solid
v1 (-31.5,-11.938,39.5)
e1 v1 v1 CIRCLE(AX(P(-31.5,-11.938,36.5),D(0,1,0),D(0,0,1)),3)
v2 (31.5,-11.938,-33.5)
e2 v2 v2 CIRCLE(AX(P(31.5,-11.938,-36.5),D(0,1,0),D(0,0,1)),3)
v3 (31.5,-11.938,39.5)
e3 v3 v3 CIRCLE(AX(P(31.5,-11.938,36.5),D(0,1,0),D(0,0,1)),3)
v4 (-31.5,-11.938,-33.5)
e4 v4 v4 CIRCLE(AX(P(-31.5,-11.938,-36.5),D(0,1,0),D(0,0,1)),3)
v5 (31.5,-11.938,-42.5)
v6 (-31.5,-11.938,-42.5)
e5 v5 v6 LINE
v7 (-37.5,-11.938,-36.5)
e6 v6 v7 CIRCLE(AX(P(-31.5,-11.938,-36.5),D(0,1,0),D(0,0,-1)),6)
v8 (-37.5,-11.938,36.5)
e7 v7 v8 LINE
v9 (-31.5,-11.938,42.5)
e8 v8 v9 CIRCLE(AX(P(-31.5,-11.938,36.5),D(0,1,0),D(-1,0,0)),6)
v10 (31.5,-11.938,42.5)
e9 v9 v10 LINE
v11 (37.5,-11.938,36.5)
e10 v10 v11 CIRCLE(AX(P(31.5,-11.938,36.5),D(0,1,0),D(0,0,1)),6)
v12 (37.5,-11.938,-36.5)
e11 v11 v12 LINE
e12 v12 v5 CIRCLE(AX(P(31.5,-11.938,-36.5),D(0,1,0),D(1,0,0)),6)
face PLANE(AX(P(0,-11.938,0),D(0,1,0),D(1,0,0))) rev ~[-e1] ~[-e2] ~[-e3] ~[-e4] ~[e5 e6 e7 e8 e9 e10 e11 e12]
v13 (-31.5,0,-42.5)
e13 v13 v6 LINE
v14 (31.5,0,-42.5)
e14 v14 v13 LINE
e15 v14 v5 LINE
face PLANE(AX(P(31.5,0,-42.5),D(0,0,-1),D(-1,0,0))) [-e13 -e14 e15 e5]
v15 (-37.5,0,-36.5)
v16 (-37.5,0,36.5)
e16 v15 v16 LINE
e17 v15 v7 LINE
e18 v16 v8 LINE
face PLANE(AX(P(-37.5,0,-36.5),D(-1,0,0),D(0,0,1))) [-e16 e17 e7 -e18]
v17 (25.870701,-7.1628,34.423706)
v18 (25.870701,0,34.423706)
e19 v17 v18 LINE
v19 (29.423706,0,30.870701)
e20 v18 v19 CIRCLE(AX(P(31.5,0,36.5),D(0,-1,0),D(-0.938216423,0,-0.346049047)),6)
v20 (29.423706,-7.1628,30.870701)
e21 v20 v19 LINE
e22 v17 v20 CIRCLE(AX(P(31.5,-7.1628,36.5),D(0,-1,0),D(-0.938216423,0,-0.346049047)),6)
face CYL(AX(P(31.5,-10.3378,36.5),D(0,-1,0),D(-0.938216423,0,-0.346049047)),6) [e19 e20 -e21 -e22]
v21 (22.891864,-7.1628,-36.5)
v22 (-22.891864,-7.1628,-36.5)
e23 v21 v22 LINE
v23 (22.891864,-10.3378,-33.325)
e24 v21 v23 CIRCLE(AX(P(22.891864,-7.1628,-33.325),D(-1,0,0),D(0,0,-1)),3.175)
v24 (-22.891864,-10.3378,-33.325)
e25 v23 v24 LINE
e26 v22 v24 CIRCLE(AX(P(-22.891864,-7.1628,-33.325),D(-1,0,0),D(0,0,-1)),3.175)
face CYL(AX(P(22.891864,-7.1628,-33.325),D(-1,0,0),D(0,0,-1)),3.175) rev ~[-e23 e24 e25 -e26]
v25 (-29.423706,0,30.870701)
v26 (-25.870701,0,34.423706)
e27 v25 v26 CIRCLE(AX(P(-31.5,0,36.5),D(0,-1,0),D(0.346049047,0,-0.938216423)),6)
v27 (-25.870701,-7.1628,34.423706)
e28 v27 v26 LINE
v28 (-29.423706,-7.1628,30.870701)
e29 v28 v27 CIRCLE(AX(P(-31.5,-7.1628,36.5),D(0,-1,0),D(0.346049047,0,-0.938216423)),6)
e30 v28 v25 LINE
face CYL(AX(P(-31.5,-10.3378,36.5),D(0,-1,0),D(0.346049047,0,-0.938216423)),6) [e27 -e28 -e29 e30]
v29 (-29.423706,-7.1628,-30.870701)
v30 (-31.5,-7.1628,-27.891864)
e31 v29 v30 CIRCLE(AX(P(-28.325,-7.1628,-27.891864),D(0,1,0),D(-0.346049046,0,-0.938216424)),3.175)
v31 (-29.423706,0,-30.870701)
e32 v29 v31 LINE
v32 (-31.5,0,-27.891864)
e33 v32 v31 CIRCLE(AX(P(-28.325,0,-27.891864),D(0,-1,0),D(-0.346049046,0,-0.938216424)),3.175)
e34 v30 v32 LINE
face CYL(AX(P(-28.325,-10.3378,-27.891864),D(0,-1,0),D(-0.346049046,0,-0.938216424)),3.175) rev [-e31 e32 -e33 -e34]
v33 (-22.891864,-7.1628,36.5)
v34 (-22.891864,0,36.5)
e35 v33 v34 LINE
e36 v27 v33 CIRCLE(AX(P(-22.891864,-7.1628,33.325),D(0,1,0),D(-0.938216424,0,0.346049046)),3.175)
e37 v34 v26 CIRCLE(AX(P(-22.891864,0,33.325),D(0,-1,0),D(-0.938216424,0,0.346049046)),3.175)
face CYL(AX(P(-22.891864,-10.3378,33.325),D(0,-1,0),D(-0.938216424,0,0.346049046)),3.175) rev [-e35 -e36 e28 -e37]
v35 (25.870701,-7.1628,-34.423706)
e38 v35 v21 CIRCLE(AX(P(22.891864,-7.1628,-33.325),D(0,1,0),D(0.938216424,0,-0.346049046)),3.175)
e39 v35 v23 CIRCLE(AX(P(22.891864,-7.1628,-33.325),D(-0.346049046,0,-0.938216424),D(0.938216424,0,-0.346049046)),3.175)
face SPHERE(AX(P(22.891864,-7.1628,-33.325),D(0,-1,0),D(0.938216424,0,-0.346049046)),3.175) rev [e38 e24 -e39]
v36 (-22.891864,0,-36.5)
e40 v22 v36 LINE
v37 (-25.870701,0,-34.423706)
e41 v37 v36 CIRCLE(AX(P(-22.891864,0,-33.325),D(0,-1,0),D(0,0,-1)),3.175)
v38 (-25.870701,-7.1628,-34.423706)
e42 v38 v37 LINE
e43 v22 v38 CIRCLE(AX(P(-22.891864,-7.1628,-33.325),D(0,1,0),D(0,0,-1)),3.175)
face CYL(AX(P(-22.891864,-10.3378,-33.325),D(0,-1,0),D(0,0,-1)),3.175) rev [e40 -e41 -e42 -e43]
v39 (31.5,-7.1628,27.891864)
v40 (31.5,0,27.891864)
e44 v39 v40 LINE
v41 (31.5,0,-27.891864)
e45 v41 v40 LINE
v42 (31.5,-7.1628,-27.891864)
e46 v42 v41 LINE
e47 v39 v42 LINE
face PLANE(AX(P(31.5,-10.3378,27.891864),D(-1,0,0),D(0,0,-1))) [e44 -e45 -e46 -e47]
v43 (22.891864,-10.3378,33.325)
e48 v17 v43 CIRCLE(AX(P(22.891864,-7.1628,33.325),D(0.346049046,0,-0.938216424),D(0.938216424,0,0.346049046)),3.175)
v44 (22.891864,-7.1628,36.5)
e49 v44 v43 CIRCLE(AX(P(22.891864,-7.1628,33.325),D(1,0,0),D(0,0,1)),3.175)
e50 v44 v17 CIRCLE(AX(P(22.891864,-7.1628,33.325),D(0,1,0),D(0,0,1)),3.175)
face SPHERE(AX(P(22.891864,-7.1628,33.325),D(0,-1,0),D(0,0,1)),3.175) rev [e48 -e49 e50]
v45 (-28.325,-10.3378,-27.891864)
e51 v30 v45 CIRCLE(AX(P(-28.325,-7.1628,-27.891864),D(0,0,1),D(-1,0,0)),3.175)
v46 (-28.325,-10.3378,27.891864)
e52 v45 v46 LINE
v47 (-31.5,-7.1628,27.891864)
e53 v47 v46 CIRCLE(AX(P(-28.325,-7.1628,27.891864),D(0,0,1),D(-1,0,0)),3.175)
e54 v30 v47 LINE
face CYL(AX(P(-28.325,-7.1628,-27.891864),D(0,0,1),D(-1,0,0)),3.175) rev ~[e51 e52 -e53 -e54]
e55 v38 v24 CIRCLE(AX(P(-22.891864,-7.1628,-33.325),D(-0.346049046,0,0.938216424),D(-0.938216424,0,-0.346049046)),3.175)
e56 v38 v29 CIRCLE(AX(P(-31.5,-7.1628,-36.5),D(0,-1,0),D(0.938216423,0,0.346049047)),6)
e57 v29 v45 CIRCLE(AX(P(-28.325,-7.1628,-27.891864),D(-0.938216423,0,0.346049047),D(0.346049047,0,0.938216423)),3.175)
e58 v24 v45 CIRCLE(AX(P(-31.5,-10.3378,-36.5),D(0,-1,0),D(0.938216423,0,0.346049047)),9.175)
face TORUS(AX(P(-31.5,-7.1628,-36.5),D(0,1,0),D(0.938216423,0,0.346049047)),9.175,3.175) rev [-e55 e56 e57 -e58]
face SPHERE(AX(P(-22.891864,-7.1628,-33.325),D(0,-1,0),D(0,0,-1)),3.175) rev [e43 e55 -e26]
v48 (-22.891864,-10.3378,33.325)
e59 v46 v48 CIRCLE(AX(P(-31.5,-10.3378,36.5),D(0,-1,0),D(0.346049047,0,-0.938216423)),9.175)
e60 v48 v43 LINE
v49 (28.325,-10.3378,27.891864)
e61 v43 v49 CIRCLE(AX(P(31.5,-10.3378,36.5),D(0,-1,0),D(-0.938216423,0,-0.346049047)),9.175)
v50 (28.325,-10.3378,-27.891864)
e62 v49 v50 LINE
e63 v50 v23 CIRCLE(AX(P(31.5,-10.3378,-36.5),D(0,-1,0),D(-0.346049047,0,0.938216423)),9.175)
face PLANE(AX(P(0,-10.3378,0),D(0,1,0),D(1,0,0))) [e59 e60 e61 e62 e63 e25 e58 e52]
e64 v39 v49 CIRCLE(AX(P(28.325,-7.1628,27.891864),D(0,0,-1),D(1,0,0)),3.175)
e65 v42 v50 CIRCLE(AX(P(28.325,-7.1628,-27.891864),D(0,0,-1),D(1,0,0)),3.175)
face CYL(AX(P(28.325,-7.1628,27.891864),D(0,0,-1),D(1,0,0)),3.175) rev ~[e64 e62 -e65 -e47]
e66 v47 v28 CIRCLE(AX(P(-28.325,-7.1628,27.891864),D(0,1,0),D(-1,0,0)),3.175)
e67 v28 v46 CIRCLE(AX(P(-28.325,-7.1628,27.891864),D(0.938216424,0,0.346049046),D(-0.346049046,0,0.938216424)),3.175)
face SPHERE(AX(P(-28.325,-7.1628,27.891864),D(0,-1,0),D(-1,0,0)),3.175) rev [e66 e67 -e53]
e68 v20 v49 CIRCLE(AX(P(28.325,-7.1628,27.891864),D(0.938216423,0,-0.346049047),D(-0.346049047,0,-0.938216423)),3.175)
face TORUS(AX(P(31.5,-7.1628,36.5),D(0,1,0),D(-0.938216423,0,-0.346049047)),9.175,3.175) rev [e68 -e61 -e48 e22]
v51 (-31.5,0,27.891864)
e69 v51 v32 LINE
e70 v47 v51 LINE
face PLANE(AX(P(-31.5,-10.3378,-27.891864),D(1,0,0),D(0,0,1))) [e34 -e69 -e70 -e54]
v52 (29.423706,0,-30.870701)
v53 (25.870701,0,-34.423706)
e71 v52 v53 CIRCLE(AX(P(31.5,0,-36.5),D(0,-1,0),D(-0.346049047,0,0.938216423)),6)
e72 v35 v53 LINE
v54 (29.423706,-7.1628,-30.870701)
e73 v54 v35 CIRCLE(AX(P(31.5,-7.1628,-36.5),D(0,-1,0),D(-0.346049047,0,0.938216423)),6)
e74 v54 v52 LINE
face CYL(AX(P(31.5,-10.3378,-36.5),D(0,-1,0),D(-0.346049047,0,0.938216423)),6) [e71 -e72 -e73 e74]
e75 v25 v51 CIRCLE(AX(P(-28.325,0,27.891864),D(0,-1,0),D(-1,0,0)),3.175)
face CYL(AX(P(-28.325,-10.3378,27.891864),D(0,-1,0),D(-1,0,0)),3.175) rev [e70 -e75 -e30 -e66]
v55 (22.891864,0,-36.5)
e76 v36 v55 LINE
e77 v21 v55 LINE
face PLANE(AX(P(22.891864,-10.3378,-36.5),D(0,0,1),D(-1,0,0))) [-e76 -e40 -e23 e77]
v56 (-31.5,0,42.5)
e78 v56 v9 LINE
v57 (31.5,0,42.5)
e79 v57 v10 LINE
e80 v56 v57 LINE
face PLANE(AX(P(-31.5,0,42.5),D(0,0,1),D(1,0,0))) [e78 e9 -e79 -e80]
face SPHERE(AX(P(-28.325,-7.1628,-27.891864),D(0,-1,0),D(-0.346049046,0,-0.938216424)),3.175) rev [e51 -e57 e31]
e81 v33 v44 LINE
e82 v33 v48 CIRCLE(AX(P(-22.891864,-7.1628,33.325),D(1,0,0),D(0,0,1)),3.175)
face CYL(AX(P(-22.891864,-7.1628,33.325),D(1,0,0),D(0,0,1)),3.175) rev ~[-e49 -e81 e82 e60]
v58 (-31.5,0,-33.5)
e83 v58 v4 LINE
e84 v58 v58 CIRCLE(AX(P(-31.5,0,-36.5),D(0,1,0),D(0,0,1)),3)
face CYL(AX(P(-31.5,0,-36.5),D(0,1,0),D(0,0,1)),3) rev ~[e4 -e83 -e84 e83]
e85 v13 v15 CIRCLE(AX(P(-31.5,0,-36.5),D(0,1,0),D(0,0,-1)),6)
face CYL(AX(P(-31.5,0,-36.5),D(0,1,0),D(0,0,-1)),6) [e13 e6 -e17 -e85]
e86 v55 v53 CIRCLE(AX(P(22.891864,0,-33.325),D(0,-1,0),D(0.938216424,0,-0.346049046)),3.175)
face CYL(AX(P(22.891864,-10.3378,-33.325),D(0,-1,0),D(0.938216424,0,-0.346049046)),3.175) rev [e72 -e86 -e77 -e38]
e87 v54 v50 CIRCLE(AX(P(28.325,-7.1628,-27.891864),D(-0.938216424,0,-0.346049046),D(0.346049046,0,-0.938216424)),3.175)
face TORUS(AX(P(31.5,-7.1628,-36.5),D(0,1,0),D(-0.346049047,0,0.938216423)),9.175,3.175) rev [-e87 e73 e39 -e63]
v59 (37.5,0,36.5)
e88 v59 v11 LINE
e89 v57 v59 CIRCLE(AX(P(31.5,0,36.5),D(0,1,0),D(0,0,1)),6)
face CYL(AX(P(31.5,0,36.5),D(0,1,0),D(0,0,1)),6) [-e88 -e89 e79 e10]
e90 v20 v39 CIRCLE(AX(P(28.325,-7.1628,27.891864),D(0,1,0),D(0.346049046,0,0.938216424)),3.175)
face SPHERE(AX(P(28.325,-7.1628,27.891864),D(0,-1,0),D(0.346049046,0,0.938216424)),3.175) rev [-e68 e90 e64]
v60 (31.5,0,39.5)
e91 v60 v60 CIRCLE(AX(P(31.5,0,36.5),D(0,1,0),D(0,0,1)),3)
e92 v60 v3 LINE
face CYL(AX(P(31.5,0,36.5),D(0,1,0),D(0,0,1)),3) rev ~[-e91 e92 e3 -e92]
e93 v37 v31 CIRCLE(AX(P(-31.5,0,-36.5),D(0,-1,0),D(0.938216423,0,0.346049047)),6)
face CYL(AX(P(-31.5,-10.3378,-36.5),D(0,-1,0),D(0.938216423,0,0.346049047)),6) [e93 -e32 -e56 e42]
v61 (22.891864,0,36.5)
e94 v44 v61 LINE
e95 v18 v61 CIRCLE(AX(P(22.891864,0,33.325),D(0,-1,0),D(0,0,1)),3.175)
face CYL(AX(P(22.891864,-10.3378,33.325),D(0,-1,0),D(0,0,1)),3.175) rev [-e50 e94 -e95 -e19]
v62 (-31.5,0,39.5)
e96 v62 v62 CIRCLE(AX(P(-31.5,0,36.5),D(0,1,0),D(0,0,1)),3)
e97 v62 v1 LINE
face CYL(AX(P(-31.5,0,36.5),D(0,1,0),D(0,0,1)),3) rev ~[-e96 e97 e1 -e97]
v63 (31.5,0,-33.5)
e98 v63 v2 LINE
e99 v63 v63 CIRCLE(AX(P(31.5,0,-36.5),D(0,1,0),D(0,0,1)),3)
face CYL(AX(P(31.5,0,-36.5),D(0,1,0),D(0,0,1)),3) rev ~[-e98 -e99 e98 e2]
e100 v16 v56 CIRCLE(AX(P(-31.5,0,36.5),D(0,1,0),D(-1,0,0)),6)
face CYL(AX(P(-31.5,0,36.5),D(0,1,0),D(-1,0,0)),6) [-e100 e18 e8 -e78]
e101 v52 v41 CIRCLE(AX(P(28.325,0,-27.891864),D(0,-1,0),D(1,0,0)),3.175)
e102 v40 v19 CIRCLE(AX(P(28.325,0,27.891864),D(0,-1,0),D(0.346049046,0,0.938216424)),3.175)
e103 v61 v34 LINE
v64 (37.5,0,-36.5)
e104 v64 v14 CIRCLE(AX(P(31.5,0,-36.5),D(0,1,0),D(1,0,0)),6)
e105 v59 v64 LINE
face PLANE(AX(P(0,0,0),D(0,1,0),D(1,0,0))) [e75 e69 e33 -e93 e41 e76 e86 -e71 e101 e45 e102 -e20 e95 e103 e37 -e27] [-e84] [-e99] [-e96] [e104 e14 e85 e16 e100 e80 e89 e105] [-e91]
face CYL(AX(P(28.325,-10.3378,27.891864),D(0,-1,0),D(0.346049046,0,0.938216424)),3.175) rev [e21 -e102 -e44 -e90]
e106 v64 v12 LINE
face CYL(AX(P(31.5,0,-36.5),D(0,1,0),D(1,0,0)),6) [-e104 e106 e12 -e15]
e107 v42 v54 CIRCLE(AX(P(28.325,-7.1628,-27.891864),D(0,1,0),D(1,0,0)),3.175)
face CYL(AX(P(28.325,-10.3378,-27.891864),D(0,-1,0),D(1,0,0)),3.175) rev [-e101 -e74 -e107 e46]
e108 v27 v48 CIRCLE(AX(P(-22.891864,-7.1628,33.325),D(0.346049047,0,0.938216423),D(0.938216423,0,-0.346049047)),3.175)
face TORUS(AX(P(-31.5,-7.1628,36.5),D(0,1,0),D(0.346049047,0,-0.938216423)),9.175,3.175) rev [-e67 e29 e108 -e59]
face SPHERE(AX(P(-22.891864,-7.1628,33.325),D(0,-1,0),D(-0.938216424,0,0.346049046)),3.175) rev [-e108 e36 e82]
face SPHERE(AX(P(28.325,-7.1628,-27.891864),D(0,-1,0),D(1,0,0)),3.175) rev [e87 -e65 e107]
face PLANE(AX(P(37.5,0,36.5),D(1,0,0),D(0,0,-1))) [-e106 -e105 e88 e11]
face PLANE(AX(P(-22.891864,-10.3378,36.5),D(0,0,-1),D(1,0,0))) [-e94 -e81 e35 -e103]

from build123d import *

# Parameters (mm, degrees)
SKETCH1_R               = 3
BOSS_EXTRUDE1_DEPTH     = 11.938
CUT_EXTRUDE1_DEPTH      = 58.922498599
CUT_EXTRUDE1_DEPTH_BACK = 10.3378
FILLET1_R               = 3.175


with BuildPart() as part:
    # Sketch1 → Boss-Extrude1 (new body)
    with BuildSketch(Plane(origin=(0, 0, 0), x_dir=(1, 0, 0), z_dir=(0, 1, 0))):
        with BuildLine():
            Line((-31.5, -42.5), (31.5, -42.5))
            ThreePointArc((31.5, -42.5), (35.742640687, -40.742640687), (37.5, -36.5))
            Line((37.5, -36.5), (37.5, 36.5))
            ThreePointArc((37.5, 36.5), (35.742640687, 40.742640687), (31.5, 42.5))
            Line((31.5, 42.5), (-31.5, 42.5))
            ThreePointArc((-31.5, 42.5), (-35.742640687, 40.742640687), (-37.5, 36.5))
            Line((-37.5, 36.5), (-37.5, -36.5))
            ThreePointArc((-37.5, -36.5), (-35.742640687, -40.742640687), (-31.5, -42.5))
        make_face()
        with Locations(Location((-31.5, 36.5, 0), (0, 0, 270))):
            Circle(SKETCH1_R, mode=Mode.SUBTRACT)
        with Locations(Location((-31.5, -36.5, 0), (0, 0, 270))):
            Circle(SKETCH1_R, mode=Mode.SUBTRACT)
        with Locations(Location((31.5, -36.5, 0), (0, 0, 270))):
            Circle(SKETCH1_R, mode=Mode.SUBTRACT)
        with Locations(Location((31.5, 36.5, 0), (0, 0, 270))):
            Circle(SKETCH1_R, mode=Mode.SUBTRACT)
    extrude(amount=-BOSS_EXTRUDE1_DEPTH)

    # Sketch2 → Cut-Extrude1 (cut, two sides: drawn at the far end of the back side and taken through both)
    with BuildSketch(Plane(origin=(0, 0, 0), x_dir=(1, 0, 0), z_dir=(0, 1, 0)).offset(-CUT_EXTRUDE1_DEPTH_BACK)):
        with BuildLine():
            Line((-22.891864313, -36.5), (22.891864313, -36.5))
            ThreePointArc((22.891864313, -36.5), (24.707385496, -35.929708781), (25.870701458, -34.423705722))
            ThreePointArc((25.870701458, -34.423705722), (27.257359313, -32.257359313), (29.423705722, -30.870701458))
            ThreePointArc((29.423705722, -30.870701458), (30.929708781, -29.707385496), (31.5, -27.891864313))
            Line((31.5, -27.891864313), (31.5, 27.891864313))
            ThreePointArc((31.5, 27.891864313), (30.929708781, 29.707385496), (29.423705722, 30.870701458))
            ThreePointArc((29.423705722, 30.870701458), (27.257359313, 32.257359313), (25.870701458, 34.423705722))
            ThreePointArc((25.870701458, 34.423705722), (24.707385496, 35.929708781), (22.891864313, 36.5))
            Line((22.891864313, 36.5), (-22.891864313, 36.5))
            ThreePointArc((-22.891864313, 36.5), (-24.707385496, 35.929708781), (-25.870701458, 34.423705722))
            ThreePointArc((-25.870701458, 34.423705722), (-27.257359313, 32.257359313), (-29.423705722, 30.870701458))
            ThreePointArc((-29.423705722, 30.870701458), (-30.929708781, 29.707385496), (-31.5, 27.891864313))
            Line((-31.5, 27.891864313), (-31.5, -27.891864313))
            ThreePointArc((-31.5, -27.891864313), (-30.929708781, -29.707385496), (-29.423705722, -30.870701458))
            ThreePointArc((-29.423705722, -30.870701458), (-27.257359313, -32.257359313), (-25.870701458, -34.423705722))
            ThreePointArc((-25.870701458, -34.423705722), (-24.707385496, -35.929708781), (-22.891864313, -36.5))
        make_face()
    extrude(amount=CUT_EXTRUDE1_DEPTH + CUT_EXTRUDE1_DEPTH_BACK, mode=Mode.SUBTRACT)

    # Fillet1
    fillet1_edges = [part.edges().sort_by_distance(p)[0] for p in [
        (24.707385496, -10.3378, -35.929708781),
        (27.257359313, -10.3378, -32.257359313),
        (30.929708781, -10.3378, -29.707385496),
        (31.5, -10.3378, 0),
        (30.929708781, -10.3378, 29.707385496),
        (27.257359313, -10.3378, 32.257359313),
        (24.707385496, -10.3378, 35.929708781),
        (0, -10.3378, 36.5),
        (-24.707385496, -10.3378, 35.929708781),
        (-27.257359313, -10.3378, 32.257359313),
        (-30.929708781, -10.3378, 29.707385496),
        (-31.5, -10.3378, 0),
        (-30.929708781, -10.3378, -29.707385496),
        (-27.257359313, -10.3378, -32.257359313),
        (-24.707385496, -10.3378, -35.929708781),
        (0, -10.3378, -36.5),
    ]]
    fillet(fillet1_edges, radius=FILLET1_R)


solid = part.part
